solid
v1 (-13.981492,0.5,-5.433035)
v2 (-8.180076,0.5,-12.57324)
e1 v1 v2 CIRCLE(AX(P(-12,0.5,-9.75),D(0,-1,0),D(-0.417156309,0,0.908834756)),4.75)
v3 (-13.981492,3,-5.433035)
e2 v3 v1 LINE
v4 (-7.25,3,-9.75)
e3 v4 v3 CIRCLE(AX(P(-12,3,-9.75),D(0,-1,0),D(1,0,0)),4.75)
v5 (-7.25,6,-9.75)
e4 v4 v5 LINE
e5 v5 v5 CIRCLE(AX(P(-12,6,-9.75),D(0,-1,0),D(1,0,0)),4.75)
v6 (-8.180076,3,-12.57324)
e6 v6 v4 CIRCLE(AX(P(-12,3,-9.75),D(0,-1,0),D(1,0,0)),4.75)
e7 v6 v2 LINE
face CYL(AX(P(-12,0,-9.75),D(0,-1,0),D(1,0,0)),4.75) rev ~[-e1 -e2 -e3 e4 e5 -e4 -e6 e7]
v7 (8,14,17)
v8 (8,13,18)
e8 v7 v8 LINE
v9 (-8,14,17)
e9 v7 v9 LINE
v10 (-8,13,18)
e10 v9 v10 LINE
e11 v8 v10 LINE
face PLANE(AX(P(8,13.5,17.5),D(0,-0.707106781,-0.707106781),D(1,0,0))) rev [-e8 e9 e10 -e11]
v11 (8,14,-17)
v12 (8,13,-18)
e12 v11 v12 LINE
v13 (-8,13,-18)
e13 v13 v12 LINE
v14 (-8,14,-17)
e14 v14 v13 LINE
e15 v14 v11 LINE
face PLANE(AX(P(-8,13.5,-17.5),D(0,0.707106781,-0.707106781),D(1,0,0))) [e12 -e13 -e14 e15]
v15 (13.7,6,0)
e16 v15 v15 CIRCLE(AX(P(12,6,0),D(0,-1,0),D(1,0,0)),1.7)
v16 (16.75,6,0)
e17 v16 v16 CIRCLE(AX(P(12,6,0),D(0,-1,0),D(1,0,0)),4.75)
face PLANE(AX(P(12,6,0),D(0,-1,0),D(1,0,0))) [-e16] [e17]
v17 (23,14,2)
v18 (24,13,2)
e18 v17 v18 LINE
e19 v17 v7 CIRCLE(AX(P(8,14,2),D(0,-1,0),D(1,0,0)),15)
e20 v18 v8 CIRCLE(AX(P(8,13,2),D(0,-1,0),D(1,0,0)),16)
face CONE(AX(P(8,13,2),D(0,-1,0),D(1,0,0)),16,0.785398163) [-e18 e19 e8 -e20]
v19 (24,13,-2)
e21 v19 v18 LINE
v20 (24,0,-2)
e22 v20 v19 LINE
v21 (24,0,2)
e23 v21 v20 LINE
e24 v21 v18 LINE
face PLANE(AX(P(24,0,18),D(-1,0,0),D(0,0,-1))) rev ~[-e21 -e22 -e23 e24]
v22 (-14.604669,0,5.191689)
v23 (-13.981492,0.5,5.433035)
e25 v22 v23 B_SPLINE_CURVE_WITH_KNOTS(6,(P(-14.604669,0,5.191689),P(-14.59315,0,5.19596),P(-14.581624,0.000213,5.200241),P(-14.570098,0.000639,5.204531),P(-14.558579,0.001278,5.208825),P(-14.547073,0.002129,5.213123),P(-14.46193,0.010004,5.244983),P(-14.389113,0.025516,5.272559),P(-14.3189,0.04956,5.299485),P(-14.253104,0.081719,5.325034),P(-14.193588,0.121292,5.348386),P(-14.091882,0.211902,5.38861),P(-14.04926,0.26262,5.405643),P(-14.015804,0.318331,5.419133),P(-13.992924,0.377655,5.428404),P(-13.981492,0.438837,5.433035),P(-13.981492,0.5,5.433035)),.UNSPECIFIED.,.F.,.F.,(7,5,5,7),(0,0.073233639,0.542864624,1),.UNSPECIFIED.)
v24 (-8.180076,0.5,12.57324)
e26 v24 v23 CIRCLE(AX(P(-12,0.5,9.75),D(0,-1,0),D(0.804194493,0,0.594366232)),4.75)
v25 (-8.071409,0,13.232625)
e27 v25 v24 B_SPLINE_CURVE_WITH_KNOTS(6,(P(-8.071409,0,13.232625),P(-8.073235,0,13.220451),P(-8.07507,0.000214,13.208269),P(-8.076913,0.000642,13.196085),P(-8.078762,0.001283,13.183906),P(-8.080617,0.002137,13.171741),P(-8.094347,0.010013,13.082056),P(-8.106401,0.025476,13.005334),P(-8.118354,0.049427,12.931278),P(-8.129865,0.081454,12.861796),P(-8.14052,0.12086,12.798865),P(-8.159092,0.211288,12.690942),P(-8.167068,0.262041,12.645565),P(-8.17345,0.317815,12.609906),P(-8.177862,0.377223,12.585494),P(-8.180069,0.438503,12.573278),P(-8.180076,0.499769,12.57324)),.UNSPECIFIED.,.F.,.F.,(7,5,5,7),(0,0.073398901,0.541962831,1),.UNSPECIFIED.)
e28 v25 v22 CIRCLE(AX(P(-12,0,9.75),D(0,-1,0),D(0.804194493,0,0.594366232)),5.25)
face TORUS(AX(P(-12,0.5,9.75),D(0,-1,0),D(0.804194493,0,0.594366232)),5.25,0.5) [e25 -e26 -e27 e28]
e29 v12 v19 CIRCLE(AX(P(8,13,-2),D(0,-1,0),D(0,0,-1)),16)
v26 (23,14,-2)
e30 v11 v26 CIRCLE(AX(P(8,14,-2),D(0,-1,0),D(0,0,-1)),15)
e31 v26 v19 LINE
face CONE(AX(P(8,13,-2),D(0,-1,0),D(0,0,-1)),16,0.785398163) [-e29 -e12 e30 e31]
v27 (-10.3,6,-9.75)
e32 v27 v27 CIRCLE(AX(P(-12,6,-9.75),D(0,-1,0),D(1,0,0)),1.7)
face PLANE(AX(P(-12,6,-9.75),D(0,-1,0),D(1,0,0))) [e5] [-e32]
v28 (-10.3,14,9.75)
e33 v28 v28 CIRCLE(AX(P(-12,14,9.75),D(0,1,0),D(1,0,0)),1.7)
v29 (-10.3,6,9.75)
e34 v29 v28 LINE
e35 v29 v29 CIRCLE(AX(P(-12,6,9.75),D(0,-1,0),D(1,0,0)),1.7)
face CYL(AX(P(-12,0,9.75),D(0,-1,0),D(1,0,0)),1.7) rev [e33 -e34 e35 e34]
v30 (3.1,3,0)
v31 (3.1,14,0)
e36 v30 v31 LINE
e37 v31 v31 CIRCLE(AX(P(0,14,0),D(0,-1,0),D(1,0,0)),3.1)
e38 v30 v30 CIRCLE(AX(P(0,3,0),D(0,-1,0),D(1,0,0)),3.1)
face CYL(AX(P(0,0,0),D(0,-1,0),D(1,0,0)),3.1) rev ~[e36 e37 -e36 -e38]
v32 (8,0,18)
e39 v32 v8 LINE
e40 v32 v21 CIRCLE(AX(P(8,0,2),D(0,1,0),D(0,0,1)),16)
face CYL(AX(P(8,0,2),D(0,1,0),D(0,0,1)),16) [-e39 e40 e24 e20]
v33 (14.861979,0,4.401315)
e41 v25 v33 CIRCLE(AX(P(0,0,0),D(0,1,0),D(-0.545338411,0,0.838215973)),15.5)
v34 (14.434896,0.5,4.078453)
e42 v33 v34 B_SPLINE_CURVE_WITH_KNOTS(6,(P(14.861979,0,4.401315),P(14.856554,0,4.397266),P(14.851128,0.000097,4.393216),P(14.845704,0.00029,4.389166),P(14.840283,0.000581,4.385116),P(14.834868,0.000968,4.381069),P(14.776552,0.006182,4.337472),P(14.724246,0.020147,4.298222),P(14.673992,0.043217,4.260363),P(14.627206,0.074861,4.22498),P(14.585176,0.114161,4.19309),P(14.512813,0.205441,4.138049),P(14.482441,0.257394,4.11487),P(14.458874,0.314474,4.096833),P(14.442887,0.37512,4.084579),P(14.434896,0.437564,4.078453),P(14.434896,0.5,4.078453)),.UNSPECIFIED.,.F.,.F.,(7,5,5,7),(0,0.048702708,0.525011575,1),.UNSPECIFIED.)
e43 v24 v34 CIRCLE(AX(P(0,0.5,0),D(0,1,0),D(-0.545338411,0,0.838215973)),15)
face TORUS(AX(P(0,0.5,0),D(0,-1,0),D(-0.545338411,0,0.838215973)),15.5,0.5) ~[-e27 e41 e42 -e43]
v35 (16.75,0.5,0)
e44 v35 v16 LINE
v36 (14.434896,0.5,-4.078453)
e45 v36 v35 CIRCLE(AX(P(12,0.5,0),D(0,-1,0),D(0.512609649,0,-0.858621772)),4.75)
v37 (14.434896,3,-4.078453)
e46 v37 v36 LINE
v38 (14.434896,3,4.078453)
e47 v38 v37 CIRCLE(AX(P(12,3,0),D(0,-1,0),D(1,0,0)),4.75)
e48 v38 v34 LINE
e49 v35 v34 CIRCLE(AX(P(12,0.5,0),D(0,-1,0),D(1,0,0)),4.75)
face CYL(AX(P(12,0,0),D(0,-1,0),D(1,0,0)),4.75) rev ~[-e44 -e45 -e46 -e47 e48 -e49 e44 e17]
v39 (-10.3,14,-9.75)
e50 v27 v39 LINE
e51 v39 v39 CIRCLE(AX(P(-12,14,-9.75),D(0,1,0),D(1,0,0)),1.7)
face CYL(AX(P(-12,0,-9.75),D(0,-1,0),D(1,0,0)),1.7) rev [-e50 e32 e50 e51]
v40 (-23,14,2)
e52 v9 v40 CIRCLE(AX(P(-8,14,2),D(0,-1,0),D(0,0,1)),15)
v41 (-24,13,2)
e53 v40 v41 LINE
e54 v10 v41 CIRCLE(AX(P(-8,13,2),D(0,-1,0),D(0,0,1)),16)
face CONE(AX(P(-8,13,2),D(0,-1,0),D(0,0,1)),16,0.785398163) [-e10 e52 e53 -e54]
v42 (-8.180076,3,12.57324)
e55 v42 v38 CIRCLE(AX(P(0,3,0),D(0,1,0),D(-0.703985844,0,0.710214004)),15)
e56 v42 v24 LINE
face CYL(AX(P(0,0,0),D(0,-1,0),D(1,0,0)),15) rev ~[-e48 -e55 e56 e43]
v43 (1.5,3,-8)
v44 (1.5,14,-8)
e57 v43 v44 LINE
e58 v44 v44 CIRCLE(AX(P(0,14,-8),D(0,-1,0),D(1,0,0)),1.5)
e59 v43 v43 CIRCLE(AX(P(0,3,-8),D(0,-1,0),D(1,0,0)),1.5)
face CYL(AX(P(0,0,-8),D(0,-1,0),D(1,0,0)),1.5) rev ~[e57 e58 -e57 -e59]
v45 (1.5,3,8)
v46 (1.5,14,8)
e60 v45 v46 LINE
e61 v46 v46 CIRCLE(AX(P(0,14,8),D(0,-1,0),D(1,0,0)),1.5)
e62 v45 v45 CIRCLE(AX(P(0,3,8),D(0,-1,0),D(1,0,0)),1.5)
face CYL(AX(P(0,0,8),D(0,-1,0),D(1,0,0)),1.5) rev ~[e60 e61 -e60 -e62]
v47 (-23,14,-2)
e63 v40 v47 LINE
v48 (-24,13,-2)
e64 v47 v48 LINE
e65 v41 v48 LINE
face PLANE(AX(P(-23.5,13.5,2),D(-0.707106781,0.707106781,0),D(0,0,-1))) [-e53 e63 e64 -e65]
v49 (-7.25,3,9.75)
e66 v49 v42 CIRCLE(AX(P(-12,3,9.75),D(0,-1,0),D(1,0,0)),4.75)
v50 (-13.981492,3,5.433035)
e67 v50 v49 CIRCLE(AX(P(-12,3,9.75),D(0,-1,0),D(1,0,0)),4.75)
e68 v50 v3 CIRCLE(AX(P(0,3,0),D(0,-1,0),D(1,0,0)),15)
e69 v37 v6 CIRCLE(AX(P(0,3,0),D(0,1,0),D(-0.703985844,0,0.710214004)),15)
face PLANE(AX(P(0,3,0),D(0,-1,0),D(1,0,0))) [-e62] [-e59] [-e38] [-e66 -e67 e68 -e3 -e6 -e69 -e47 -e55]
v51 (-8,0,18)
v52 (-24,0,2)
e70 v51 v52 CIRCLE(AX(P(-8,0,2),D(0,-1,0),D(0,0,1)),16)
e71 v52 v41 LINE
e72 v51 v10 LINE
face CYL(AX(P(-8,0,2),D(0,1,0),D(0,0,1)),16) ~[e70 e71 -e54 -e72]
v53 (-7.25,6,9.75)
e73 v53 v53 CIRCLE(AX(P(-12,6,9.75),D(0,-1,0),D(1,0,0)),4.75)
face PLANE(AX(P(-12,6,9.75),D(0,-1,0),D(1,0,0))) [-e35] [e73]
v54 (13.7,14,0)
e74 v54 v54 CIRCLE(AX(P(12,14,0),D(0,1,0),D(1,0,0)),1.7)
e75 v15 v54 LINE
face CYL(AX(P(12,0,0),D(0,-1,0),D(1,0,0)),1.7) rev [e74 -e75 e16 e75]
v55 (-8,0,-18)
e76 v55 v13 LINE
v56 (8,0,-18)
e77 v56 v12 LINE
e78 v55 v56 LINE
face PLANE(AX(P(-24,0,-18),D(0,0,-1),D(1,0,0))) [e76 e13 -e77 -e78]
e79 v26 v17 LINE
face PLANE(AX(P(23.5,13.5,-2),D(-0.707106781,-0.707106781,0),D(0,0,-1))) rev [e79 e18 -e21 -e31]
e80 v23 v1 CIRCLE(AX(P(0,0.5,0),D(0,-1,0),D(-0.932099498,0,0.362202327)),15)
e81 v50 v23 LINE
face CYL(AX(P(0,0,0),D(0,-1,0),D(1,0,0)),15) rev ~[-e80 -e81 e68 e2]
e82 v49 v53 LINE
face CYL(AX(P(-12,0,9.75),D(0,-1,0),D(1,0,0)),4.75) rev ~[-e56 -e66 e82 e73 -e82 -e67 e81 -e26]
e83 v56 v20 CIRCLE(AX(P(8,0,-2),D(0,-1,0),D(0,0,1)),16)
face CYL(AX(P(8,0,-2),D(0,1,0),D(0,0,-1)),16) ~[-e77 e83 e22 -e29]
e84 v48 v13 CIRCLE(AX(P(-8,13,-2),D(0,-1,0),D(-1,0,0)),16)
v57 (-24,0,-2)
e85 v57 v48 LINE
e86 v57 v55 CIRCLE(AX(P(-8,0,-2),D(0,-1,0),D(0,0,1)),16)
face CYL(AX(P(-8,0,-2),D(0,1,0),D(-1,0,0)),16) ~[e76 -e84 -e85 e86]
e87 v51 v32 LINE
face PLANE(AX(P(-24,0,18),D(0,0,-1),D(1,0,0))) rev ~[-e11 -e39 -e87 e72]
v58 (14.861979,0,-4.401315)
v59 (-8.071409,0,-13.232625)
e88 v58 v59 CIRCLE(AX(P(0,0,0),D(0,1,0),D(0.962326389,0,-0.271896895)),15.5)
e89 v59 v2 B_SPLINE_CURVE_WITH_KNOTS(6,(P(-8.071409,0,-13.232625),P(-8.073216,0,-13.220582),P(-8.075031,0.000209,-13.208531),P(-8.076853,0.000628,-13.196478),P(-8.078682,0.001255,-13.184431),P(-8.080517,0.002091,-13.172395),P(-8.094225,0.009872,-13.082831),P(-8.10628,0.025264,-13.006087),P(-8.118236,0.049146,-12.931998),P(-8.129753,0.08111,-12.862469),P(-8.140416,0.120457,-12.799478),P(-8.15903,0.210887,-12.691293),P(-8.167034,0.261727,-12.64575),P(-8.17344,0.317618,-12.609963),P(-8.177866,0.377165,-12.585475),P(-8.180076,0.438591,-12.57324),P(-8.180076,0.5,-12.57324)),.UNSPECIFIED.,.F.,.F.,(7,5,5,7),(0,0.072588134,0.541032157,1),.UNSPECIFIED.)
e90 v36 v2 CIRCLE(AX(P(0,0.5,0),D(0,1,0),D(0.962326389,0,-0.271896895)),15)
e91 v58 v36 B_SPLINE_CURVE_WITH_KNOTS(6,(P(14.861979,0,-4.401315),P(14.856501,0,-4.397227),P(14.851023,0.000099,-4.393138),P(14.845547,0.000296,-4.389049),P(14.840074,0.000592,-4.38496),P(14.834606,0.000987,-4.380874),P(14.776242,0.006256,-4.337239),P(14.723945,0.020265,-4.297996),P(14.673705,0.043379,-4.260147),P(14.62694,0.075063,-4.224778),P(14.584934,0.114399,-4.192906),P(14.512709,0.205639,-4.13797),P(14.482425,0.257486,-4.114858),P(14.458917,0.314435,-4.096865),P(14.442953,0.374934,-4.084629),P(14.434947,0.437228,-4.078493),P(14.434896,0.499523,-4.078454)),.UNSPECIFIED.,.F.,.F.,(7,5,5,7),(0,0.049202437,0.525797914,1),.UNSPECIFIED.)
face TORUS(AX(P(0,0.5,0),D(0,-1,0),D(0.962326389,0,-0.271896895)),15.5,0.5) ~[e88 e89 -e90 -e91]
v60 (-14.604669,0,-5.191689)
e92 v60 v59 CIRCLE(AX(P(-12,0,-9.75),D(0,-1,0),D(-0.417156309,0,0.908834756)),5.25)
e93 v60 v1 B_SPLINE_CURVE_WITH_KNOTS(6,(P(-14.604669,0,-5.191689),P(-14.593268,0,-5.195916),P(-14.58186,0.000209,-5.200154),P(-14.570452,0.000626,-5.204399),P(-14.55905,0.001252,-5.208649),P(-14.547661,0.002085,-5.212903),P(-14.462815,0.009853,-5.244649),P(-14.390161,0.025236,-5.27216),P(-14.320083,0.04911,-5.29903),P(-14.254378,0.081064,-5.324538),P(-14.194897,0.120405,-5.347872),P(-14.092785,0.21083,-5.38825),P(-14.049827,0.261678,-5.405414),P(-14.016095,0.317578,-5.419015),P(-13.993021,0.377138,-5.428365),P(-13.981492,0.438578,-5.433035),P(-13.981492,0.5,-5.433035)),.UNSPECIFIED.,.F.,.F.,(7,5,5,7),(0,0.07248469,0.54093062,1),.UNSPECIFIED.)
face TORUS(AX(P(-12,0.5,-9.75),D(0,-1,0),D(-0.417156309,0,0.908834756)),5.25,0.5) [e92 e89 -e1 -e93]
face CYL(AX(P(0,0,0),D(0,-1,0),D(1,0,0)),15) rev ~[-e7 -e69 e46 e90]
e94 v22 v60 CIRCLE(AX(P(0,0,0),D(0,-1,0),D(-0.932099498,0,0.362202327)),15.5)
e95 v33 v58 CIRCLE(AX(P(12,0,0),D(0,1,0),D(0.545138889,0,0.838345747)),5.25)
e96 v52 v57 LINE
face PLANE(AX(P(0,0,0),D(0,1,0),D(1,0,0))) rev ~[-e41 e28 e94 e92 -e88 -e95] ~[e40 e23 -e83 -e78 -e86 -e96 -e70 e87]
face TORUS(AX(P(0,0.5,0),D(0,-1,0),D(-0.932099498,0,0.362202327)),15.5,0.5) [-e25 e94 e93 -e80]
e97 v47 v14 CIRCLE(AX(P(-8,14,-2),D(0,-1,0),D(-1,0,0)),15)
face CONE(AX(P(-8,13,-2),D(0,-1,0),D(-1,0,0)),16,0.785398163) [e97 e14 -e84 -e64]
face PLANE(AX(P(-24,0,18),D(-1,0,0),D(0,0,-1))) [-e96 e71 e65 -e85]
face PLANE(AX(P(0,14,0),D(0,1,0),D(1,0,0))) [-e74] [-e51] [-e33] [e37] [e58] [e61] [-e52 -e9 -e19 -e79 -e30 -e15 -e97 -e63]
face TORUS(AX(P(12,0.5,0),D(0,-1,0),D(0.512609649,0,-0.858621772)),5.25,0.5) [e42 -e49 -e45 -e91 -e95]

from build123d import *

# Parameters (mm, degrees)
SKETCH1_W           = 48
SKETCH1_H           = 36
SKETCH1_R           = 1.7
BOSS_EXTRUDE1_DEPTH = 14
SKETCH2_R           = 1.5
SKETCH2_R_2         = 3.1
CUT_EXTRUDE3_DEPTH  = 15
SKETCH5_R           = 15
CUT_EXTRUDE4_DEPTH  = 3
SKETCH7_R           = 4.75
CUT_EXTRUDE5_DEPTH  = 6
FILLET1_R           = 16
FILLET2_R           = 16
FILLET3_R           = 0.5
CHAMFER2_SIZE       = 1


with BuildPart() as part:
    # Sketch1 → Boss-Extrude1 (new body)
    with BuildSketch(Plane(origin=(0, 0, 0), x_dir=(1, 0, 0), z_dir=(0, 1, 0))):
        Rectangle(SKETCH1_W, SKETCH1_H)
        with Locations((-12, 9.75)):
            Circle(SKETCH1_R, mode=Mode.SUBTRACT)
        with Locations((-12, -9.75)):
            Circle(SKETCH1_R, mode=Mode.SUBTRACT)
        with Locations((12, 0)):
            Circle(SKETCH1_R, mode=Mode.SUBTRACT)
    extrude(amount=BOSS_EXTRUDE1_DEPTH)

    # Sketch2 → Cut-Extrude3 (cut, through all)
    with BuildSketch(Plane.XZ):
        with Locations((0, 8)):
            Circle(SKETCH2_R)
        with Locations((0, -8)):
            Circle(SKETCH2_R)
        Circle(SKETCH2_R_2)
    extrude(amount=-CUT_EXTRUDE3_DEPTH, mode=Mode.SUBTRACT)

    # Sketch5 → Cut-Extrude4 (cut)
    with BuildSketch(Plane.XZ):
        Circle(SKETCH5_R)
    extrude(amount=-CUT_EXTRUDE4_DEPTH, mode=Mode.SUBTRACT)

    # Sketch7 → Cut-Extrude5 (cut)
    with BuildSketch(Plane.XZ):
        with Locations((12, 0)):
            Circle(SKETCH7_R)
        with Locations((-12, 9.75)):
            Circle(SKETCH7_R)
        with Locations((-12, -9.75)):
            Circle(SKETCH7_R)
    extrude(amount=-CUT_EXTRUDE5_DEPTH, mode=Mode.SUBTRACT)

    # Fillet1
    fillet1_edges = [part.edges().sort_by_distance(p)[0] for p in [
        (24, 7, 18),
        (24, 7, -18),
    ]]
    fillet(fillet1_edges, radius=FILLET1_R)

    # Fillet2
    fillet2_edges = [part.edges().sort_by_distance(p)[0] for p in [
        (-24, 7, 18),
        (-24, 7, -18),
    ]]
    fillet(fillet2_edges, radius=FILLET2_R)

    # Fillet3
    fillet3_edges = [part.edges().sort_by_distance(p)[0] for p in [
        (5.27456542, 0, -14.042042573),
        (5.27456542, 0, 14.042042573),
        (-15, 0, 0),
        (16.13087492, 0, 2.344860848),
        (-15.686541501, 0, 12.745314969),
        (-15.686541501, 0, -12.745314969),
    ]]
    fillet(fillet3_edges, radius=FILLET3_R)

    # Chamfer2
    chamfer2_edges = [part.edges().sort_by_distance(p)[0] for p in [
        (0, 14, -18),
        (19.313708499, 14, -13.313708499),
        (19.313708499, 14, 13.313708499),
        (0, 14, 18),
        (-24, 14, 0),
        (-19.313708499, 14, -13.313708499),
        (-19.313708499, 14, 13.313708499),
        (24, 14, 0),
    ]]
    chamfer(chamfer2_edges, length=CHAMFER2_SIZE)


solid = part.part
